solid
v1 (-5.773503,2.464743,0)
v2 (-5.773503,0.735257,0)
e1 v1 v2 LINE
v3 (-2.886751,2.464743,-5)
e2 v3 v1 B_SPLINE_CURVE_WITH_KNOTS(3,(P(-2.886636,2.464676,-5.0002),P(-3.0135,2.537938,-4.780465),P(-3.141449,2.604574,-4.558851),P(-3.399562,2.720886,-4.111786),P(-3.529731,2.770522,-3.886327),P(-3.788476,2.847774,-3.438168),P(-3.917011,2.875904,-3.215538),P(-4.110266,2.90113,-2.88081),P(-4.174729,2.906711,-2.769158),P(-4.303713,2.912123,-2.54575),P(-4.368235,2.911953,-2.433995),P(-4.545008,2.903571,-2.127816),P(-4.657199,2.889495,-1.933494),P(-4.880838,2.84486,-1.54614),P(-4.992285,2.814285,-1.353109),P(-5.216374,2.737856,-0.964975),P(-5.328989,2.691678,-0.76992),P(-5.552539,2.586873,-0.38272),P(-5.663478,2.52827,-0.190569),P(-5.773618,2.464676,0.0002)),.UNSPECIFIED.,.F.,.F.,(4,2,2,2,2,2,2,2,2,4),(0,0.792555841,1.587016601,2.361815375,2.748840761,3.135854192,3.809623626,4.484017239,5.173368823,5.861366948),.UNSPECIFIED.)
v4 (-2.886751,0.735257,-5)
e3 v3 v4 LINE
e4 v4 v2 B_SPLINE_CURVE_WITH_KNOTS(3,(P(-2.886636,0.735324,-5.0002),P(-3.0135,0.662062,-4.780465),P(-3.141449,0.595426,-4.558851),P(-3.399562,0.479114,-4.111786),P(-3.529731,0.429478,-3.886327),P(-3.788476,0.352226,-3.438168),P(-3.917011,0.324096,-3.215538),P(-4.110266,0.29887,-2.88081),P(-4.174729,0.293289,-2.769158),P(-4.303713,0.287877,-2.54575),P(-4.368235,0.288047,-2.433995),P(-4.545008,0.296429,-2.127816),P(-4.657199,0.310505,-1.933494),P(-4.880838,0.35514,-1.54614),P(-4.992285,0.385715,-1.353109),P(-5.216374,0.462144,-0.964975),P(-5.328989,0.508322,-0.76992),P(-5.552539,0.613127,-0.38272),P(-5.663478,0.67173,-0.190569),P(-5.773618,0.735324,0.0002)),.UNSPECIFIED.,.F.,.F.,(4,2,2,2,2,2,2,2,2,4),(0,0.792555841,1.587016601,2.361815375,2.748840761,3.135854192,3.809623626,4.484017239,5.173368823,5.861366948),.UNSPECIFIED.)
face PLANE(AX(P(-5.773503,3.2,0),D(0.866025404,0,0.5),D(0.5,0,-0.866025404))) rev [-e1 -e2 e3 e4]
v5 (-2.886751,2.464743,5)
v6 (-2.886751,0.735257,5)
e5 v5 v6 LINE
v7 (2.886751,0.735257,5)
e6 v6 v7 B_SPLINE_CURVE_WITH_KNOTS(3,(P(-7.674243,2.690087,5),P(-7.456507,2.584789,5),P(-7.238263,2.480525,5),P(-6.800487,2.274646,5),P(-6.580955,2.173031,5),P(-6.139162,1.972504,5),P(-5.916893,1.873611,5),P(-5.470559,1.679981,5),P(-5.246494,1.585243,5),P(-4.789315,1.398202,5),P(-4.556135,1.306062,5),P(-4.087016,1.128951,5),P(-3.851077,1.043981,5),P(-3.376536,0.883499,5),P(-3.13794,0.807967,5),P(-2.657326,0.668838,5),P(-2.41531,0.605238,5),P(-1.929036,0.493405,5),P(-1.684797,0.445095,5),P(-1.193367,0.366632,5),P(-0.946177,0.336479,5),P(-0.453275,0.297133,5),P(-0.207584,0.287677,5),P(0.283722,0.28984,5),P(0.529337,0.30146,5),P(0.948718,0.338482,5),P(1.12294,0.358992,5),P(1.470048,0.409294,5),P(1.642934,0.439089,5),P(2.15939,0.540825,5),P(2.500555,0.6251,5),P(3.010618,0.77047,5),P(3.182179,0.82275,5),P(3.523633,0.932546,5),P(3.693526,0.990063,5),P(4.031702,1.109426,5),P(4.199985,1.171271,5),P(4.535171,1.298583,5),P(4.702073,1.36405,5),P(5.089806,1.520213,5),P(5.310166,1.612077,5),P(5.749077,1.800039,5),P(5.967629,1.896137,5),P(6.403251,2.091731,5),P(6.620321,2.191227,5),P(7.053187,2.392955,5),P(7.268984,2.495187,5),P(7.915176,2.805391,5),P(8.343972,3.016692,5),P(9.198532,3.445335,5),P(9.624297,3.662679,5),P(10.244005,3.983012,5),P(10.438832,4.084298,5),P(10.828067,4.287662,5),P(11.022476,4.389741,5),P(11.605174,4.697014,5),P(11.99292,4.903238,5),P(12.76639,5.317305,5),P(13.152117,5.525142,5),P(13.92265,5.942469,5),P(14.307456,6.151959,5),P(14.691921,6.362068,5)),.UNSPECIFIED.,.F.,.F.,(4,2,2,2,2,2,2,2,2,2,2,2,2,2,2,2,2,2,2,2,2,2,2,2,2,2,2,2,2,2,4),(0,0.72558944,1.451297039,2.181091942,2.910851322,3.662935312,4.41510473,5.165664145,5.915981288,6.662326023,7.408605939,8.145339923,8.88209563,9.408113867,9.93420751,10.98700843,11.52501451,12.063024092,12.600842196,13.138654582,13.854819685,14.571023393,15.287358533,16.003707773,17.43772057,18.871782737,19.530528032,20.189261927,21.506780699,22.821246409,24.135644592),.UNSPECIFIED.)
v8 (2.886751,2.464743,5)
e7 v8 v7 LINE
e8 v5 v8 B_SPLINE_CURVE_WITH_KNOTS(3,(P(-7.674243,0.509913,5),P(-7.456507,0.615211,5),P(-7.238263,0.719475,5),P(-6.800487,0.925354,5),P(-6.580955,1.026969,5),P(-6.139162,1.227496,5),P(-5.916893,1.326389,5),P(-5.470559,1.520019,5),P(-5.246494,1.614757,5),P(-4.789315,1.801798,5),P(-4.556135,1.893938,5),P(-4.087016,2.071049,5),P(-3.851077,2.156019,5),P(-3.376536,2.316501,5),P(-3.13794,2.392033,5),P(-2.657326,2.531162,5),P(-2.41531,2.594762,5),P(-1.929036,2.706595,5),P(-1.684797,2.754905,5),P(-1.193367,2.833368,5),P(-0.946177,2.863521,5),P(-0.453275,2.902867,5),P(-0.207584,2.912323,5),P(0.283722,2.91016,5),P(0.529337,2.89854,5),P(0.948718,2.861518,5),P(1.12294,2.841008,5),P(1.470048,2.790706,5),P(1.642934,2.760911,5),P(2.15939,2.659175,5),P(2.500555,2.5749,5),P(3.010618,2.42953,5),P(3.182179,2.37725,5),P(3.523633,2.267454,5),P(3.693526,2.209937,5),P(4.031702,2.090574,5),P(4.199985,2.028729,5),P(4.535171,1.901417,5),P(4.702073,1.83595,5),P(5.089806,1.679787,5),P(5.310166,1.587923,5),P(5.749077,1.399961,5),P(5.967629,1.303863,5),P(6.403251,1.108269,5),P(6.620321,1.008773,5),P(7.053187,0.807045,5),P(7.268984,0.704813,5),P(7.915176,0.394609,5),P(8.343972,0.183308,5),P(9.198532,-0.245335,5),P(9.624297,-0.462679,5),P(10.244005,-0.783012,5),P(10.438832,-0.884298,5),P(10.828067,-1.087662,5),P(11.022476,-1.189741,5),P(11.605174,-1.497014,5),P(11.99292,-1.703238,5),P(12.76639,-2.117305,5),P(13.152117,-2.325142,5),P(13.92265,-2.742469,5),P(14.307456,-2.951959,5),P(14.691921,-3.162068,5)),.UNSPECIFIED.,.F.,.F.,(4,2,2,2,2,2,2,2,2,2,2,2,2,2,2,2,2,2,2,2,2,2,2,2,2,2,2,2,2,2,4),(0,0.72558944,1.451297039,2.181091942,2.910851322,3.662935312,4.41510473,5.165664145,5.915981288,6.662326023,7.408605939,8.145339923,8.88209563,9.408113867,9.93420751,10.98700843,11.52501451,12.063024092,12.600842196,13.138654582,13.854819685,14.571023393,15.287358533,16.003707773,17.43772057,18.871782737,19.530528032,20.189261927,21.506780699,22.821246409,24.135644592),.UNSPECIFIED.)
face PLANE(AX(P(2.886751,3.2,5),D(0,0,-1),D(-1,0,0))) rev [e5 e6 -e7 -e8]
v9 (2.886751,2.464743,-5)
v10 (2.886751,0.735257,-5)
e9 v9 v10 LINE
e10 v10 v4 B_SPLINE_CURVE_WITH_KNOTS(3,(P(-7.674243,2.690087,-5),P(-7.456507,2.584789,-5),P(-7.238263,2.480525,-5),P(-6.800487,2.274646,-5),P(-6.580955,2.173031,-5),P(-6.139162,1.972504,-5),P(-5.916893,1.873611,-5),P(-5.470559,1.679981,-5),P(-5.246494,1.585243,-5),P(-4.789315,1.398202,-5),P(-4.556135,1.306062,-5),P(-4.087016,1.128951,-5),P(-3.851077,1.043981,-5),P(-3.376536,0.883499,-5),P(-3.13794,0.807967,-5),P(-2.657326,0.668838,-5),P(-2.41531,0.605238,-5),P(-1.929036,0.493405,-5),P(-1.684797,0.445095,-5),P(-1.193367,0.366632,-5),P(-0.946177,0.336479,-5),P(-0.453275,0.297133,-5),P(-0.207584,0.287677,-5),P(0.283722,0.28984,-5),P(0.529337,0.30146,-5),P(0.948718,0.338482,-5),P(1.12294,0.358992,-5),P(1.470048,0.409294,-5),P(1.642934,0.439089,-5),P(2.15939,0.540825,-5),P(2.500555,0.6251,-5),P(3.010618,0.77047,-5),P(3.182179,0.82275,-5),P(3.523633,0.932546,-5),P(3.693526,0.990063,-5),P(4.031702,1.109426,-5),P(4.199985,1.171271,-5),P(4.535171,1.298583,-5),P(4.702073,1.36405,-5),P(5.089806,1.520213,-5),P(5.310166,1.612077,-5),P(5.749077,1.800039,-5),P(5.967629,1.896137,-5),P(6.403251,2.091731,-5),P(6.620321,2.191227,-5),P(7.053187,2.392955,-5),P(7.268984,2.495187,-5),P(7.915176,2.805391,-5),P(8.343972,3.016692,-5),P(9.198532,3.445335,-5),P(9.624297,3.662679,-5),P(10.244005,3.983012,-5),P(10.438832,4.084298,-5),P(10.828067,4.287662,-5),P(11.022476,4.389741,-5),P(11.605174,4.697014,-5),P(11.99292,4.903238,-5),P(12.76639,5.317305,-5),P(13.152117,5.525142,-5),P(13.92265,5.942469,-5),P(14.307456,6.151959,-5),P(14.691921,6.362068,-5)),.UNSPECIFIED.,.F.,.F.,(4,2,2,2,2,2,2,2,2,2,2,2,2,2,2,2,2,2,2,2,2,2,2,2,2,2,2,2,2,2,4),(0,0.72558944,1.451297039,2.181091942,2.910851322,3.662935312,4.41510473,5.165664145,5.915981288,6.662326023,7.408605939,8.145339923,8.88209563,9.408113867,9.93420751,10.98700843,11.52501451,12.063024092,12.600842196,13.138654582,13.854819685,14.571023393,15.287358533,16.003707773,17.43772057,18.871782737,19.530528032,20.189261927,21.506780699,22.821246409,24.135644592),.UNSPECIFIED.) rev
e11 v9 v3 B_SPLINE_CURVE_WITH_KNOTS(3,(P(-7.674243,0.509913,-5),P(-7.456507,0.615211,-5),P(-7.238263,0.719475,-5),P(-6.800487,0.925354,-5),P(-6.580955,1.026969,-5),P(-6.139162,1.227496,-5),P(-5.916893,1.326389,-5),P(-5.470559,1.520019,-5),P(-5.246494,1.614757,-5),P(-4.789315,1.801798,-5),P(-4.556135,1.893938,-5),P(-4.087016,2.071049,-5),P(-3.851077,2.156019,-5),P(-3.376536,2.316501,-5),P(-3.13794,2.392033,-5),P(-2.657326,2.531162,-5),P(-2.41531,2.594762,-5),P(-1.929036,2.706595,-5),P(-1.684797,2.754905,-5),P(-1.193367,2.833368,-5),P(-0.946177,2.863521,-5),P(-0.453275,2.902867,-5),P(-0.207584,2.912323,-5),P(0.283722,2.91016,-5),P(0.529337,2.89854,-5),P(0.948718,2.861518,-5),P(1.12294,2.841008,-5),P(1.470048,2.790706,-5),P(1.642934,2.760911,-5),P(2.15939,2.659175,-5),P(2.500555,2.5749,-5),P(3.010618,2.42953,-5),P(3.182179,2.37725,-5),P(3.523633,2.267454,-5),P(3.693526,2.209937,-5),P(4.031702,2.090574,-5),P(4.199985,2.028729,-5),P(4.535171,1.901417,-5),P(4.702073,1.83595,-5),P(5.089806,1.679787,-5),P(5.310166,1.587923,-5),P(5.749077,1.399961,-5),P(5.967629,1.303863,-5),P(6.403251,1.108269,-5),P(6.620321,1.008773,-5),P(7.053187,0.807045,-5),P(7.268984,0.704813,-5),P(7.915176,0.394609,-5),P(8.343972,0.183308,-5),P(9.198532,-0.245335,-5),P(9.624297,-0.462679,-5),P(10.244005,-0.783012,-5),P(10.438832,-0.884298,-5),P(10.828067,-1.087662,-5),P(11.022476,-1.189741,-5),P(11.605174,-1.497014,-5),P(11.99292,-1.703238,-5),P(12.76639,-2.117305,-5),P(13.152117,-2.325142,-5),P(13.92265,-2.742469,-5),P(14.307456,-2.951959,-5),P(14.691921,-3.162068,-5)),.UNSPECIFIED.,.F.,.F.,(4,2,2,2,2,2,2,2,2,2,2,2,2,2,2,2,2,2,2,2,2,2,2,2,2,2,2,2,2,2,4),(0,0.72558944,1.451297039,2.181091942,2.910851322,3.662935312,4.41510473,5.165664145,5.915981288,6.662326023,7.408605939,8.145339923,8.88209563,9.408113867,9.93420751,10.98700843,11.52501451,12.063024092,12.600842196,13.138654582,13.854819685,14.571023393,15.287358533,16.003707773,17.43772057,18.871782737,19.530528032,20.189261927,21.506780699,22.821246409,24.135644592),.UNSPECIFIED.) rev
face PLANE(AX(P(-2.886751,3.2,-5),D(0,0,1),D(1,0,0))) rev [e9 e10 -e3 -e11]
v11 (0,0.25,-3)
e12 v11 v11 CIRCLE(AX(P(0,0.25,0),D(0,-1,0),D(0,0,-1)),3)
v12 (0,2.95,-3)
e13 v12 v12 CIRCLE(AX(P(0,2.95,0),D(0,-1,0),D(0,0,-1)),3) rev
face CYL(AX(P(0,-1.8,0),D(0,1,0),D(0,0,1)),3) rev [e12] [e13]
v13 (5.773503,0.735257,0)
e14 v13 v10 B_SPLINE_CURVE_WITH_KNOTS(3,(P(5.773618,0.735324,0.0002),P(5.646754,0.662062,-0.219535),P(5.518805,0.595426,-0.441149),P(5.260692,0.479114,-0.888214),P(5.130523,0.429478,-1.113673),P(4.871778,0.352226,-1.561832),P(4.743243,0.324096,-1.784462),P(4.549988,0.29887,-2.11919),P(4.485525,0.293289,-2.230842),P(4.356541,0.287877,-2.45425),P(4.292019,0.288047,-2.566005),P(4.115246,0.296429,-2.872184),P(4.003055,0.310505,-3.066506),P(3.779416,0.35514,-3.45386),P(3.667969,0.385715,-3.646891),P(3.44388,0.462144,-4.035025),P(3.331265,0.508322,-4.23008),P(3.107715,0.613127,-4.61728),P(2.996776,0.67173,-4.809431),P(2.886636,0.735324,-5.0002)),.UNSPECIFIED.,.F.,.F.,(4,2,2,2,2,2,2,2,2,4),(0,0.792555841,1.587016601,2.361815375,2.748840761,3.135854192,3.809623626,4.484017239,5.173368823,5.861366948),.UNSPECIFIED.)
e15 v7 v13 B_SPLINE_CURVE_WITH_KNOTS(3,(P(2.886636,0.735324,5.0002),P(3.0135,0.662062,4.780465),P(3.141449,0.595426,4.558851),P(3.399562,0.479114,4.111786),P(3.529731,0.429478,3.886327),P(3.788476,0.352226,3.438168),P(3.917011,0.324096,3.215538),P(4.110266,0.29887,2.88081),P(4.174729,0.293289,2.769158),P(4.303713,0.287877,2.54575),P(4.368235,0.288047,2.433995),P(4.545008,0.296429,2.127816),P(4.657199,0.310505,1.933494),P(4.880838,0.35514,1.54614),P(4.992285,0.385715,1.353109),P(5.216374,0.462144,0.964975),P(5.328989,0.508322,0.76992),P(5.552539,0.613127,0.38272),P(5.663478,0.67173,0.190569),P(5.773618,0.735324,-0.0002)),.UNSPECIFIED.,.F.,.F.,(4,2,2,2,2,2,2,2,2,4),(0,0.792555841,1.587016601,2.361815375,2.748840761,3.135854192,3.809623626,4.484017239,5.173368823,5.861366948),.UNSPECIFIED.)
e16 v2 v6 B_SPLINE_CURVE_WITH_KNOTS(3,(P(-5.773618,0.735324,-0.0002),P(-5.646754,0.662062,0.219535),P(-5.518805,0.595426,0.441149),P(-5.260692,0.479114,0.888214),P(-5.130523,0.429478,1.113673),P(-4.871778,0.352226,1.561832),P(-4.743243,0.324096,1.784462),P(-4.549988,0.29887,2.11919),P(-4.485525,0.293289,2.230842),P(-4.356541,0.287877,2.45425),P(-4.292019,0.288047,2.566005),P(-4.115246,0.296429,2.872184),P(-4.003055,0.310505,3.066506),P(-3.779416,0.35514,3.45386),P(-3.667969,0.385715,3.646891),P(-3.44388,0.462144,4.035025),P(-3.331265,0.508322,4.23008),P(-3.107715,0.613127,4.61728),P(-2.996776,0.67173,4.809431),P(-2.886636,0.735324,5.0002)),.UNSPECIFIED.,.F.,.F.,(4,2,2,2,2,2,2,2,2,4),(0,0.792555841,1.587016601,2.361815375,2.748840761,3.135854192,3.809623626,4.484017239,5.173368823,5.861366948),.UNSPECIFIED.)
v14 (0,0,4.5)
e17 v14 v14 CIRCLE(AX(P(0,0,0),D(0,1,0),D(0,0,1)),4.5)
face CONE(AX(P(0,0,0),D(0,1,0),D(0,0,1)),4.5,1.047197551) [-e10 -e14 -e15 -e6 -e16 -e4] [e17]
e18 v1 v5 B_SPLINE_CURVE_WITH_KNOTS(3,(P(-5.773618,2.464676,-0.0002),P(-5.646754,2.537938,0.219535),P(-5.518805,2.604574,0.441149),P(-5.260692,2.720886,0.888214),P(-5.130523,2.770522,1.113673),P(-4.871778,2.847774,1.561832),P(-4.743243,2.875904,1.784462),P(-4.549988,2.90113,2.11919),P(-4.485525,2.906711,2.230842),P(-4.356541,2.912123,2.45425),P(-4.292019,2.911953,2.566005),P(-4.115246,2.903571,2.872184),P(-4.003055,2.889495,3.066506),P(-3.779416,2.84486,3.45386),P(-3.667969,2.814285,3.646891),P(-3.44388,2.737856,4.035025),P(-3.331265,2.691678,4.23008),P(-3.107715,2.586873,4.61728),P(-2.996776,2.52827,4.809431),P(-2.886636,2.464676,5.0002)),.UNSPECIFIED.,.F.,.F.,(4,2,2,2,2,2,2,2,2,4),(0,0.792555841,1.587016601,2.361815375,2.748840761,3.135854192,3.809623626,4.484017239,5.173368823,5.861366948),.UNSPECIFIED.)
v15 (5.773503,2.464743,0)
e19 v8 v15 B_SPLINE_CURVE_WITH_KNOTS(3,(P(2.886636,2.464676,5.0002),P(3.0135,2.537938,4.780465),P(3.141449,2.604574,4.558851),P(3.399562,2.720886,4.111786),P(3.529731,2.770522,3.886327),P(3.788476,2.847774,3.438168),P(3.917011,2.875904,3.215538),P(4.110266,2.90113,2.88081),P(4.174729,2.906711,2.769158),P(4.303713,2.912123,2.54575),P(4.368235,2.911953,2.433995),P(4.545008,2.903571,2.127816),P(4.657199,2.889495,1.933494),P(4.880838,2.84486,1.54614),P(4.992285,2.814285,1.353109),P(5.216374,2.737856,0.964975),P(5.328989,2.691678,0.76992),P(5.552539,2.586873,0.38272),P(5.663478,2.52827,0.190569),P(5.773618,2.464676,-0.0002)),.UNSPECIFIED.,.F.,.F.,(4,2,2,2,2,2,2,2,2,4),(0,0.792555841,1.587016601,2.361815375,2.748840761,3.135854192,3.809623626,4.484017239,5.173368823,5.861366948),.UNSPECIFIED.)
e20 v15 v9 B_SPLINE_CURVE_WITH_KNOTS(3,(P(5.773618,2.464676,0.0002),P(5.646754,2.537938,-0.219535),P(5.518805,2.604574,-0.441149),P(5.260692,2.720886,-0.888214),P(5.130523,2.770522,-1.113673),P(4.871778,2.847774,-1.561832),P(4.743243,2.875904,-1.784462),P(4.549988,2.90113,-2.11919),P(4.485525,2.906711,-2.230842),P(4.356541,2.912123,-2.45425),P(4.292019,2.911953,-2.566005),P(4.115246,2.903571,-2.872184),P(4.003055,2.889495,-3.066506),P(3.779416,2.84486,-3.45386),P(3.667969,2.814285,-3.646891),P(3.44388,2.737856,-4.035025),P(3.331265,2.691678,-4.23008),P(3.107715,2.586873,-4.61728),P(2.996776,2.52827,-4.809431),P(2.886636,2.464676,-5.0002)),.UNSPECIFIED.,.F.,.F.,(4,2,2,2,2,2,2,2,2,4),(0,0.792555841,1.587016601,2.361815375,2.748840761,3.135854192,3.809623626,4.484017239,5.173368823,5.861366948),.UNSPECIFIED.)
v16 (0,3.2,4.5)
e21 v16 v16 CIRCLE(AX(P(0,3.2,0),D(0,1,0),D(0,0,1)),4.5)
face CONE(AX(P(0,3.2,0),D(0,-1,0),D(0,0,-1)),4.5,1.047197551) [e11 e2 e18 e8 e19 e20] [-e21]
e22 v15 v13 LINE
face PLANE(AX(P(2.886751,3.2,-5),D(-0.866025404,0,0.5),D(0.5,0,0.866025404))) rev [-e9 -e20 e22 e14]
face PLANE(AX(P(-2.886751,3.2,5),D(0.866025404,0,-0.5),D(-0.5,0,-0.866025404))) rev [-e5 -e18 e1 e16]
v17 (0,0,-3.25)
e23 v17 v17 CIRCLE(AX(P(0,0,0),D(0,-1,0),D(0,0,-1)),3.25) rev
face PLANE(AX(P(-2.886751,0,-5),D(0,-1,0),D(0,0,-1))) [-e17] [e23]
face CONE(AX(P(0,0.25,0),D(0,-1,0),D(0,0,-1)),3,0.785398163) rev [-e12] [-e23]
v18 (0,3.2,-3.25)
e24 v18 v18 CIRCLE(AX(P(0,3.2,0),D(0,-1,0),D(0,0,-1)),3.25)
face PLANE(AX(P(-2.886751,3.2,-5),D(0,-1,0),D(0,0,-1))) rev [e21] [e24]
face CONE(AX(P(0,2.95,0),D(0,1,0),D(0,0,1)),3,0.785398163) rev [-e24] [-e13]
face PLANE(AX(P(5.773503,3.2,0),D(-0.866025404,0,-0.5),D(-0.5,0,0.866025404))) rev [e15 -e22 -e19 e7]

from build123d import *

# Parameters (mm, degrees)
EXTRUDE_1_DEPTH     = 3.2
SKETCH_2_R          = 3
CUT_EXTRUDE_1_DEPTH = 5
CHAMFER_1_SIZE      = 0.25


with BuildPart() as part:
    # Эскиз1 → Вытянуть1 (new body)
    with BuildSketch(Plane(origin=(0, 0, 0), x_dir=(1, 0, 0), z_dir=(0, 1, 0))):
        Polygon((-2.886751346, 5), (2.886751346, 5), (5.773502692, 0), (2.886751346, -5), (-2.886751346, -5), (-5.773502692, 0), align=None)
    extrude(amount=EXTRUDE_1_DEPTH)

    # Эскиз2 → Вырез-Вытянуть1 (cut)
    with BuildSketch(Plane(origin=(0, 3.2, 0), x_dir=(-1, 0, 0), z_dir=(0, 1, 0))):
        with Locations(Location((0, 0, 0), (0, 0, 90))):
            Circle(SKETCH_2_R)
    extrude(amount=-CUT_EXTRUDE_1_DEPTH, mode=Mode.SUBTRACT)

    # Эскиз3 → Вырез-Повернуть1 (revolve, cut)
    with BuildSketch(Plane.XY, mode=Mode.PRIVATE) as cut_revolve_1_sk:
        Polygon((-4.5, 3.2), (-6.5, 2.045299462), (-6.5, 3.2), align=None)
        Polygon((-4.5, 0), (-6.5, 1.154700538), (-6.5, 0), align=None)
    revolve(cut_revolve_1_sk.sketch.rotate(Axis((0, 3.2, 0), (0, -1, 0)), 60.000000114), axis=Axis((0, 3.2, 0), (0, -1, 0)), mode=Mode.SUBTRACT)

    # Фаска1
    chamfer_1_edges = [part.edges().sort_by_distance(p)[0] for p in [
        (0, 0, -3),
        (0, 3.2, -3),
    ]]
    chamfer(chamfer_1_edges, length=CHAMFER_1_SIZE)


solid = part.part
